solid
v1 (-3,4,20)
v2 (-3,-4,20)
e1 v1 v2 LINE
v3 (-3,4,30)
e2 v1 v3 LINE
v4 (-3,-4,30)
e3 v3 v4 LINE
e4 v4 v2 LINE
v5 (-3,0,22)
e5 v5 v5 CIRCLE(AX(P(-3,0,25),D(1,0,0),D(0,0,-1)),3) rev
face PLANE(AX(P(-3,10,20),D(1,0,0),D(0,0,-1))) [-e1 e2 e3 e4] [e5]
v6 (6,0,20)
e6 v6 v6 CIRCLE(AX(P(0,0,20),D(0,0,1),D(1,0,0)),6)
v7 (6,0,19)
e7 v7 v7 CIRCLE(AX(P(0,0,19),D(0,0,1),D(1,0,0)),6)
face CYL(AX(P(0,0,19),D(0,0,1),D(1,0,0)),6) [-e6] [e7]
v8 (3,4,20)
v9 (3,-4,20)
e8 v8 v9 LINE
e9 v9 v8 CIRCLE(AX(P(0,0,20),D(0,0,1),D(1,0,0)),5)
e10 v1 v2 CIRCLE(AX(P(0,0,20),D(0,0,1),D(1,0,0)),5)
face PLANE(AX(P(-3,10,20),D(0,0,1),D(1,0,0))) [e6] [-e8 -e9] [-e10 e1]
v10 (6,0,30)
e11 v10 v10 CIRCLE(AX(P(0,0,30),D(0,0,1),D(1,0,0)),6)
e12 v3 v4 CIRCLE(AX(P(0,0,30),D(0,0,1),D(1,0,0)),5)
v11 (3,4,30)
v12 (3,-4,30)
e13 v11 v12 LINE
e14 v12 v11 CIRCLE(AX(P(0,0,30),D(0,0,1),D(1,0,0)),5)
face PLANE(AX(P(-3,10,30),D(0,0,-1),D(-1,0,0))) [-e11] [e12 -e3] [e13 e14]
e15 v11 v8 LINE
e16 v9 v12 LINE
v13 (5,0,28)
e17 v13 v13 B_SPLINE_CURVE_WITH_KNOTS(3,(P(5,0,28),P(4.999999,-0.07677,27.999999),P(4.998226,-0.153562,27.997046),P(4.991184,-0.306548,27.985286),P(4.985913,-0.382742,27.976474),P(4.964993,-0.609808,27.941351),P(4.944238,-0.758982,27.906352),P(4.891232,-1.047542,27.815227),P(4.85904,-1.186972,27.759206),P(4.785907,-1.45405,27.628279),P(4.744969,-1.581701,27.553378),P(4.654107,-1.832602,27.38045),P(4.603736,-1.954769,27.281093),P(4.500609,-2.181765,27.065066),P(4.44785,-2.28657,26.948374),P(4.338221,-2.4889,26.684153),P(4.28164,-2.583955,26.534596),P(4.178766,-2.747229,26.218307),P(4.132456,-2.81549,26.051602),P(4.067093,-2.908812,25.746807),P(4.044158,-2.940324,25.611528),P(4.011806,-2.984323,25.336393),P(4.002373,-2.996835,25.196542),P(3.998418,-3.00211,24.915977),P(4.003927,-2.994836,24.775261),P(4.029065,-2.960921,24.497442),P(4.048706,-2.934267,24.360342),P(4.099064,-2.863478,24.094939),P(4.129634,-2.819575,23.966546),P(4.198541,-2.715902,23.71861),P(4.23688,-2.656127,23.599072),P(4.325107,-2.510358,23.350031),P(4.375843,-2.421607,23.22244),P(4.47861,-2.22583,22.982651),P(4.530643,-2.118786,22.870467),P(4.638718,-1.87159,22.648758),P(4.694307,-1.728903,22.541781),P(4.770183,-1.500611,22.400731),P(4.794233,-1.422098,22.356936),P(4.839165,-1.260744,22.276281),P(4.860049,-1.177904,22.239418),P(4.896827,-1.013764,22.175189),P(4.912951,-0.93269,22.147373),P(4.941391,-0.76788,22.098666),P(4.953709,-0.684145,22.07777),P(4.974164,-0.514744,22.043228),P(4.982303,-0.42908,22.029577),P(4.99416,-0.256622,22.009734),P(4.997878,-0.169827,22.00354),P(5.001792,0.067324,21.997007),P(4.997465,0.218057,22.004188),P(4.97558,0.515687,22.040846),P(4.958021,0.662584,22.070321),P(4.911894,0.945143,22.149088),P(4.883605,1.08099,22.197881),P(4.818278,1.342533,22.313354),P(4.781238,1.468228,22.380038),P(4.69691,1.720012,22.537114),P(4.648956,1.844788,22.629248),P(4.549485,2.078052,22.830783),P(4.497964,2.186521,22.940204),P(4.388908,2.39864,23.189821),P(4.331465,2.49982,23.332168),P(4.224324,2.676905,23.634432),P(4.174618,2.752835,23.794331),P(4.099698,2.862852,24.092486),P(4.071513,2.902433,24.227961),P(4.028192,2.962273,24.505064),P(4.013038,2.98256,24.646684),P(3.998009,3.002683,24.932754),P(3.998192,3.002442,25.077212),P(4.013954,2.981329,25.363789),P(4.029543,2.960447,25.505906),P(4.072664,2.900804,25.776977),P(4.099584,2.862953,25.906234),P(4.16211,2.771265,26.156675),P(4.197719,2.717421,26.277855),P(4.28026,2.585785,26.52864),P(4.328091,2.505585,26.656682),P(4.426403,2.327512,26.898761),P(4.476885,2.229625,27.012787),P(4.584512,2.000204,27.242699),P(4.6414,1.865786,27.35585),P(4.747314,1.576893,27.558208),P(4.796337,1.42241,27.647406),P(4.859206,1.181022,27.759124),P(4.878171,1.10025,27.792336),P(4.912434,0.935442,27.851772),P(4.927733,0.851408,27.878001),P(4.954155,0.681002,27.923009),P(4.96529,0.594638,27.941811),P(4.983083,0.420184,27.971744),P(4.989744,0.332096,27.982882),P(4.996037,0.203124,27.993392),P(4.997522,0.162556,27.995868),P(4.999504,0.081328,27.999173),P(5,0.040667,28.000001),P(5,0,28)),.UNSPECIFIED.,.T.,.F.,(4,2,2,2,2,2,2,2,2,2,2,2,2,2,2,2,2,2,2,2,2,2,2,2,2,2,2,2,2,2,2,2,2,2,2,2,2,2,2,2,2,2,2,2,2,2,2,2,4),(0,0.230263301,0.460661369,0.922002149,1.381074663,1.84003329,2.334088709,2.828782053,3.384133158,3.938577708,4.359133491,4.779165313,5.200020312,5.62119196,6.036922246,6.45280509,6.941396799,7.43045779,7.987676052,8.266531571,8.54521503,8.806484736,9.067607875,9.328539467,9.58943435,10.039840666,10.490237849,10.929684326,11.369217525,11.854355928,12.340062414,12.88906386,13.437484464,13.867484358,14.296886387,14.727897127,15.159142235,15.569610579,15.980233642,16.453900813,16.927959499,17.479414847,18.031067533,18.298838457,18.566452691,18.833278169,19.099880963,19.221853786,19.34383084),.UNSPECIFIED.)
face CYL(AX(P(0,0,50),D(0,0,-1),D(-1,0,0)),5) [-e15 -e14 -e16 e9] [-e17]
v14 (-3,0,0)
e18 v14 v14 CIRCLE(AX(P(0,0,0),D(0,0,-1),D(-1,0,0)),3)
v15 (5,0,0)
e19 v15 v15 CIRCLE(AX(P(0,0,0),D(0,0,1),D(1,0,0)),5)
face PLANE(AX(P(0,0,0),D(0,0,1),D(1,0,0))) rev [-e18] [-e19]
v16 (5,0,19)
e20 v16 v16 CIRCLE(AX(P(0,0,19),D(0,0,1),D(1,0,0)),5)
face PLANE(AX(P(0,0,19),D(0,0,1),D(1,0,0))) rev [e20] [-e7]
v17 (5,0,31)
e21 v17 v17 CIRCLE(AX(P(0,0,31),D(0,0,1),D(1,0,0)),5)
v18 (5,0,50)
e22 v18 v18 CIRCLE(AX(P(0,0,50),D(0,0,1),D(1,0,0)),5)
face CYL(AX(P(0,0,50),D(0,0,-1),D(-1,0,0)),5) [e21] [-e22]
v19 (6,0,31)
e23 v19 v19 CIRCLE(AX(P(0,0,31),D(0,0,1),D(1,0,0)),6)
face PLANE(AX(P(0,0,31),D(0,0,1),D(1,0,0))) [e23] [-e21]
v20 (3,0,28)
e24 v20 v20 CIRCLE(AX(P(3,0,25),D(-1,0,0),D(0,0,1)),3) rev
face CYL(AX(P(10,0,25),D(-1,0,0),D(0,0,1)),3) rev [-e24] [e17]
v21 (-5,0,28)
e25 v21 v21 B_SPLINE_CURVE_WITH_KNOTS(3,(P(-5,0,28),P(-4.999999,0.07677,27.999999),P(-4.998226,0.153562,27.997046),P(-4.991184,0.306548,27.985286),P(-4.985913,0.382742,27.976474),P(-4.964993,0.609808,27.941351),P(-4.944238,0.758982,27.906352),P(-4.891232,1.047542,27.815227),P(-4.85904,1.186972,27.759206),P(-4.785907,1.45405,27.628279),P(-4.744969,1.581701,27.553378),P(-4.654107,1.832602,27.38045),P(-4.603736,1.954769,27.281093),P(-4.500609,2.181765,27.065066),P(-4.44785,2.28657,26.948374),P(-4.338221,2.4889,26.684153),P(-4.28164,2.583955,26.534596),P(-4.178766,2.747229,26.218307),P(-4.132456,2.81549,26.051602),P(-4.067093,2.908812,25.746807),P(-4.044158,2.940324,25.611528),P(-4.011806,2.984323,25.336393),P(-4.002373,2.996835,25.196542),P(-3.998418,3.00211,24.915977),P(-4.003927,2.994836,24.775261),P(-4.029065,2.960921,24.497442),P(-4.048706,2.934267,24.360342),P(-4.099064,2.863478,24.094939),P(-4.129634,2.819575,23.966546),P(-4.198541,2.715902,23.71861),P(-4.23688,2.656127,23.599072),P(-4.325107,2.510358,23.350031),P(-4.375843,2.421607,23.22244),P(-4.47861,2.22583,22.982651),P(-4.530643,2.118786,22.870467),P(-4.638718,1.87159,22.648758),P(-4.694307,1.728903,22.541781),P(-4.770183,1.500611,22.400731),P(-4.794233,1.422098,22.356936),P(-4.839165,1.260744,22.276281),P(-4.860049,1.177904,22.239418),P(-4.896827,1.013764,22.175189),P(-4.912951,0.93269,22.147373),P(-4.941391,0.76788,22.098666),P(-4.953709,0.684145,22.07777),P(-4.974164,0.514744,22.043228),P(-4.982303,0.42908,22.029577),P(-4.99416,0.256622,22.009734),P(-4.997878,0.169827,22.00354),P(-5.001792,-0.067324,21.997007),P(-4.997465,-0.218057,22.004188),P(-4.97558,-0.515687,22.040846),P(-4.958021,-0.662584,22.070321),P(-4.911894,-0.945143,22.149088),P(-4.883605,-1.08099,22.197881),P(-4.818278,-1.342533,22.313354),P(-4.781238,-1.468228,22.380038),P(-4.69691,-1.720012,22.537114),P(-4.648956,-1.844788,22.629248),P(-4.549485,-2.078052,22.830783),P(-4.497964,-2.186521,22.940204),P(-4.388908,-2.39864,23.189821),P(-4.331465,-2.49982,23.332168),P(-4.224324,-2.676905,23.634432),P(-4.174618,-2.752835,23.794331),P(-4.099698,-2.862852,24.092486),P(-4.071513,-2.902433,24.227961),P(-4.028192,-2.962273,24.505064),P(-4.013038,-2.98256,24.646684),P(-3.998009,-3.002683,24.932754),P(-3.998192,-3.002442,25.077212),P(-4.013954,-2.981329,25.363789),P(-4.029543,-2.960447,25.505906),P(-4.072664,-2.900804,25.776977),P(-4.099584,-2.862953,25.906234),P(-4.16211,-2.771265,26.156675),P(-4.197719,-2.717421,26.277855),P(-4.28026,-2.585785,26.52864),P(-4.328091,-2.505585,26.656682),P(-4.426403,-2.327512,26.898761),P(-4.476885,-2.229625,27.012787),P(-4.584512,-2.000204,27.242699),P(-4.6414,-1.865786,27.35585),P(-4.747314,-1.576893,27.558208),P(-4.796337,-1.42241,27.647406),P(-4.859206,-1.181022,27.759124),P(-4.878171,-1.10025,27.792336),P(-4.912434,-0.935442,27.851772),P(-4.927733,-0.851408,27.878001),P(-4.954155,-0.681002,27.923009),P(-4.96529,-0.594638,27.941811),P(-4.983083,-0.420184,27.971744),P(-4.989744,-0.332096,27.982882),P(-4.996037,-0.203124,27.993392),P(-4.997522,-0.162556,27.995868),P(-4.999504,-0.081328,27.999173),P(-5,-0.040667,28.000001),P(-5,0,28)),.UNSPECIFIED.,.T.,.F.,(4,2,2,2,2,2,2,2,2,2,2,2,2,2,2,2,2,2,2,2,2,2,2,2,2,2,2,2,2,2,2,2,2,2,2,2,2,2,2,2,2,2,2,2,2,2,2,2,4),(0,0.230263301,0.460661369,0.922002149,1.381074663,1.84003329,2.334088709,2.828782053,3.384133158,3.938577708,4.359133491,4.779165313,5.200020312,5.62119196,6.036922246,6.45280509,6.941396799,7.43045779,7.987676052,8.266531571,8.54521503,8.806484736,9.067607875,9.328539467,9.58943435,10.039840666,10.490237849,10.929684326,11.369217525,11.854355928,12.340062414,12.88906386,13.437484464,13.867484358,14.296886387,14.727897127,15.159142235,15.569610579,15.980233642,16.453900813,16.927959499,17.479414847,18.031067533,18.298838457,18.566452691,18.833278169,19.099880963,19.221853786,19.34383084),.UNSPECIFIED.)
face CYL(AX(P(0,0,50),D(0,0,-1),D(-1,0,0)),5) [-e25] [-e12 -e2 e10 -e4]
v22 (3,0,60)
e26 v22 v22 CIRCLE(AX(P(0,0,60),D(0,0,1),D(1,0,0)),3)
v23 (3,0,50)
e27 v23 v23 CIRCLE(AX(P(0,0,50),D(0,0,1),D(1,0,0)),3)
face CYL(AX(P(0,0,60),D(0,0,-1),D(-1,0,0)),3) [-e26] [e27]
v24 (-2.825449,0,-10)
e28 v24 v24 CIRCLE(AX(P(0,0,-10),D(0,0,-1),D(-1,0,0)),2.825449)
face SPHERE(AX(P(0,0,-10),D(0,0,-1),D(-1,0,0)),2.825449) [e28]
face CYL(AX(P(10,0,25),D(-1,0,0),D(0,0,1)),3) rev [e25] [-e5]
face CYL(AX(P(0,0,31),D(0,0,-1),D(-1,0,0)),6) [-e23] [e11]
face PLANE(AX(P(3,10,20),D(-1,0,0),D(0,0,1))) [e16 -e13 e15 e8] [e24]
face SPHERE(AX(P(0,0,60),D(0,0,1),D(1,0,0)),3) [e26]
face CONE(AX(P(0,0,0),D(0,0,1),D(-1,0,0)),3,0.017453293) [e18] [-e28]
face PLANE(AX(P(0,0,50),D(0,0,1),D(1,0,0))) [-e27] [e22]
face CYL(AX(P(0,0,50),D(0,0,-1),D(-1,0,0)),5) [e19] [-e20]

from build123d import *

# Parameters (mm, degrees)
SKETCH2_R               = 5
BOSS_EXTRUDE1_DEPTH     = 50
SKETCH3_R               = 3
BOSS_EXTRUDE2_DEPTH     = 10
BOSS_EXTRUDE2_TAPER     = 1
SKETCH5_R               = 3
BOSS_EXTRUDE3_DEPTH     = 10
CUT_EXTRUDE1_DEPTH      = 10
CUT_EXTRUDE1_DEPTH_BACK = 10
SKETCH7_W               = 6
SKETCH7_H               = 10
CUT_EXTRUDE2_DEPTH      = 10
CUT_EXTRUDE2_DEPTH_BACK = 10
SKETCH8_R               = 3
SKETCH10_R              = 6
BOSS_EXTRUDE4_DEPTH     = 1
BOSS_EXTRUDE5_START     = 1
SKETCH11_R              = 6
BOSS_EXTRUDE5_DEPTH     = 1


with BuildPart() as part:
    # Sketch2 → Boss-Extrude1 (new body)
    with BuildSketch(Plane.XY):
        Circle(SKETCH2_R)
    extrude(amount=BOSS_EXTRUDE1_DEPTH)

    # Sketch3 → Boss-Extrude2 (add)
    with BuildSketch(Plane(origin=(0, 0, 0), x_dir=(-1, 0, 0), z_dir=(0, 0, -1))):
        Circle(SKETCH3_R)
    extrude(amount=BOSS_EXTRUDE2_DEPTH, taper=BOSS_EXTRUDE2_TAPER)

    # Sketch5 → Boss-Extrude3 (add)
    with BuildSketch(Plane.XY.offset(50)):
        Circle(SKETCH5_R)
    extrude(amount=BOSS_EXTRUDE3_DEPTH)

    # Sketch7 → Cut-Extrude1 (cut, two sides: drawn at the far end of the back side and taken through both)
    with BuildSketch(Plane(origin=(0, 0, 0), x_dir=(1, 0, 0), z_dir=(0, 1, 0)).offset(-CUT_EXTRUDE1_DEPTH_BACK)):
        with Locations((0, -25)):
            Rectangle(SKETCH7_W, SKETCH7_H)
    extrude(amount=CUT_EXTRUDE1_DEPTH + CUT_EXTRUDE1_DEPTH_BACK, mode=Mode.SUBTRACT)

    # Sketch8 → Cut-Extrude2 (cut, two sides: drawn at the far end of the back side and taken through both)
    with BuildSketch(Plane(origin=(0, 0, 0), x_dir=(0, 0, -1), z_dir=(1, 0, 0)).offset(-CUT_EXTRUDE2_DEPTH_BACK)):
        with Locations((-25, 0)):
            Circle(SKETCH8_R)
    extrude(amount=CUT_EXTRUDE2_DEPTH + CUT_EXTRUDE2_DEPTH_BACK, mode=Mode.SUBTRACT)

    # Sketch6 → Revolve1 (revolve)
    with BuildSketch(Plane.XY.offset(60)):
        with BuildLine():
            Line((0, 3), (0, -3))
            ThreePointArc((0, -3), (-3, 0), (0, 3))
        make_face()
    revolve(axis=Axis((0, 3, 60), (0, -1, 0)))

    # Sketch4 → Revolve2 (revolve)
    with BuildSketch(Plane(origin=(0, 0, -10), x_dir=(-1, 0, 0), z_dir=(0, 0, -1))):
        with BuildLine():
            Line((0, 2.825449351), (0, -2.825449351))
            ThreePointArc((0, -2.825449351), (-2.825449351, 0), (0, 2.825449351))
        make_face()
    revolve(axis=Axis((0, 2.825449351, -10), (0, -1, 0)))

    # Sketch10 → Boss-Extrude4 (add)
    with BuildSketch(Plane.XY.offset(20)):
        Circle(SKETCH10_R)
    extrude(amount=-BOSS_EXTRUDE4_DEPTH)

    # Sketch11 → Boss-Extrude5 (add)
    with BuildSketch(Plane.XY.offset(30).offset(BOSS_EXTRUDE5_START)):
        Circle(SKETCH11_R)
    extrude(amount=-BOSS_EXTRUDE5_DEPTH)


solid = part.part
